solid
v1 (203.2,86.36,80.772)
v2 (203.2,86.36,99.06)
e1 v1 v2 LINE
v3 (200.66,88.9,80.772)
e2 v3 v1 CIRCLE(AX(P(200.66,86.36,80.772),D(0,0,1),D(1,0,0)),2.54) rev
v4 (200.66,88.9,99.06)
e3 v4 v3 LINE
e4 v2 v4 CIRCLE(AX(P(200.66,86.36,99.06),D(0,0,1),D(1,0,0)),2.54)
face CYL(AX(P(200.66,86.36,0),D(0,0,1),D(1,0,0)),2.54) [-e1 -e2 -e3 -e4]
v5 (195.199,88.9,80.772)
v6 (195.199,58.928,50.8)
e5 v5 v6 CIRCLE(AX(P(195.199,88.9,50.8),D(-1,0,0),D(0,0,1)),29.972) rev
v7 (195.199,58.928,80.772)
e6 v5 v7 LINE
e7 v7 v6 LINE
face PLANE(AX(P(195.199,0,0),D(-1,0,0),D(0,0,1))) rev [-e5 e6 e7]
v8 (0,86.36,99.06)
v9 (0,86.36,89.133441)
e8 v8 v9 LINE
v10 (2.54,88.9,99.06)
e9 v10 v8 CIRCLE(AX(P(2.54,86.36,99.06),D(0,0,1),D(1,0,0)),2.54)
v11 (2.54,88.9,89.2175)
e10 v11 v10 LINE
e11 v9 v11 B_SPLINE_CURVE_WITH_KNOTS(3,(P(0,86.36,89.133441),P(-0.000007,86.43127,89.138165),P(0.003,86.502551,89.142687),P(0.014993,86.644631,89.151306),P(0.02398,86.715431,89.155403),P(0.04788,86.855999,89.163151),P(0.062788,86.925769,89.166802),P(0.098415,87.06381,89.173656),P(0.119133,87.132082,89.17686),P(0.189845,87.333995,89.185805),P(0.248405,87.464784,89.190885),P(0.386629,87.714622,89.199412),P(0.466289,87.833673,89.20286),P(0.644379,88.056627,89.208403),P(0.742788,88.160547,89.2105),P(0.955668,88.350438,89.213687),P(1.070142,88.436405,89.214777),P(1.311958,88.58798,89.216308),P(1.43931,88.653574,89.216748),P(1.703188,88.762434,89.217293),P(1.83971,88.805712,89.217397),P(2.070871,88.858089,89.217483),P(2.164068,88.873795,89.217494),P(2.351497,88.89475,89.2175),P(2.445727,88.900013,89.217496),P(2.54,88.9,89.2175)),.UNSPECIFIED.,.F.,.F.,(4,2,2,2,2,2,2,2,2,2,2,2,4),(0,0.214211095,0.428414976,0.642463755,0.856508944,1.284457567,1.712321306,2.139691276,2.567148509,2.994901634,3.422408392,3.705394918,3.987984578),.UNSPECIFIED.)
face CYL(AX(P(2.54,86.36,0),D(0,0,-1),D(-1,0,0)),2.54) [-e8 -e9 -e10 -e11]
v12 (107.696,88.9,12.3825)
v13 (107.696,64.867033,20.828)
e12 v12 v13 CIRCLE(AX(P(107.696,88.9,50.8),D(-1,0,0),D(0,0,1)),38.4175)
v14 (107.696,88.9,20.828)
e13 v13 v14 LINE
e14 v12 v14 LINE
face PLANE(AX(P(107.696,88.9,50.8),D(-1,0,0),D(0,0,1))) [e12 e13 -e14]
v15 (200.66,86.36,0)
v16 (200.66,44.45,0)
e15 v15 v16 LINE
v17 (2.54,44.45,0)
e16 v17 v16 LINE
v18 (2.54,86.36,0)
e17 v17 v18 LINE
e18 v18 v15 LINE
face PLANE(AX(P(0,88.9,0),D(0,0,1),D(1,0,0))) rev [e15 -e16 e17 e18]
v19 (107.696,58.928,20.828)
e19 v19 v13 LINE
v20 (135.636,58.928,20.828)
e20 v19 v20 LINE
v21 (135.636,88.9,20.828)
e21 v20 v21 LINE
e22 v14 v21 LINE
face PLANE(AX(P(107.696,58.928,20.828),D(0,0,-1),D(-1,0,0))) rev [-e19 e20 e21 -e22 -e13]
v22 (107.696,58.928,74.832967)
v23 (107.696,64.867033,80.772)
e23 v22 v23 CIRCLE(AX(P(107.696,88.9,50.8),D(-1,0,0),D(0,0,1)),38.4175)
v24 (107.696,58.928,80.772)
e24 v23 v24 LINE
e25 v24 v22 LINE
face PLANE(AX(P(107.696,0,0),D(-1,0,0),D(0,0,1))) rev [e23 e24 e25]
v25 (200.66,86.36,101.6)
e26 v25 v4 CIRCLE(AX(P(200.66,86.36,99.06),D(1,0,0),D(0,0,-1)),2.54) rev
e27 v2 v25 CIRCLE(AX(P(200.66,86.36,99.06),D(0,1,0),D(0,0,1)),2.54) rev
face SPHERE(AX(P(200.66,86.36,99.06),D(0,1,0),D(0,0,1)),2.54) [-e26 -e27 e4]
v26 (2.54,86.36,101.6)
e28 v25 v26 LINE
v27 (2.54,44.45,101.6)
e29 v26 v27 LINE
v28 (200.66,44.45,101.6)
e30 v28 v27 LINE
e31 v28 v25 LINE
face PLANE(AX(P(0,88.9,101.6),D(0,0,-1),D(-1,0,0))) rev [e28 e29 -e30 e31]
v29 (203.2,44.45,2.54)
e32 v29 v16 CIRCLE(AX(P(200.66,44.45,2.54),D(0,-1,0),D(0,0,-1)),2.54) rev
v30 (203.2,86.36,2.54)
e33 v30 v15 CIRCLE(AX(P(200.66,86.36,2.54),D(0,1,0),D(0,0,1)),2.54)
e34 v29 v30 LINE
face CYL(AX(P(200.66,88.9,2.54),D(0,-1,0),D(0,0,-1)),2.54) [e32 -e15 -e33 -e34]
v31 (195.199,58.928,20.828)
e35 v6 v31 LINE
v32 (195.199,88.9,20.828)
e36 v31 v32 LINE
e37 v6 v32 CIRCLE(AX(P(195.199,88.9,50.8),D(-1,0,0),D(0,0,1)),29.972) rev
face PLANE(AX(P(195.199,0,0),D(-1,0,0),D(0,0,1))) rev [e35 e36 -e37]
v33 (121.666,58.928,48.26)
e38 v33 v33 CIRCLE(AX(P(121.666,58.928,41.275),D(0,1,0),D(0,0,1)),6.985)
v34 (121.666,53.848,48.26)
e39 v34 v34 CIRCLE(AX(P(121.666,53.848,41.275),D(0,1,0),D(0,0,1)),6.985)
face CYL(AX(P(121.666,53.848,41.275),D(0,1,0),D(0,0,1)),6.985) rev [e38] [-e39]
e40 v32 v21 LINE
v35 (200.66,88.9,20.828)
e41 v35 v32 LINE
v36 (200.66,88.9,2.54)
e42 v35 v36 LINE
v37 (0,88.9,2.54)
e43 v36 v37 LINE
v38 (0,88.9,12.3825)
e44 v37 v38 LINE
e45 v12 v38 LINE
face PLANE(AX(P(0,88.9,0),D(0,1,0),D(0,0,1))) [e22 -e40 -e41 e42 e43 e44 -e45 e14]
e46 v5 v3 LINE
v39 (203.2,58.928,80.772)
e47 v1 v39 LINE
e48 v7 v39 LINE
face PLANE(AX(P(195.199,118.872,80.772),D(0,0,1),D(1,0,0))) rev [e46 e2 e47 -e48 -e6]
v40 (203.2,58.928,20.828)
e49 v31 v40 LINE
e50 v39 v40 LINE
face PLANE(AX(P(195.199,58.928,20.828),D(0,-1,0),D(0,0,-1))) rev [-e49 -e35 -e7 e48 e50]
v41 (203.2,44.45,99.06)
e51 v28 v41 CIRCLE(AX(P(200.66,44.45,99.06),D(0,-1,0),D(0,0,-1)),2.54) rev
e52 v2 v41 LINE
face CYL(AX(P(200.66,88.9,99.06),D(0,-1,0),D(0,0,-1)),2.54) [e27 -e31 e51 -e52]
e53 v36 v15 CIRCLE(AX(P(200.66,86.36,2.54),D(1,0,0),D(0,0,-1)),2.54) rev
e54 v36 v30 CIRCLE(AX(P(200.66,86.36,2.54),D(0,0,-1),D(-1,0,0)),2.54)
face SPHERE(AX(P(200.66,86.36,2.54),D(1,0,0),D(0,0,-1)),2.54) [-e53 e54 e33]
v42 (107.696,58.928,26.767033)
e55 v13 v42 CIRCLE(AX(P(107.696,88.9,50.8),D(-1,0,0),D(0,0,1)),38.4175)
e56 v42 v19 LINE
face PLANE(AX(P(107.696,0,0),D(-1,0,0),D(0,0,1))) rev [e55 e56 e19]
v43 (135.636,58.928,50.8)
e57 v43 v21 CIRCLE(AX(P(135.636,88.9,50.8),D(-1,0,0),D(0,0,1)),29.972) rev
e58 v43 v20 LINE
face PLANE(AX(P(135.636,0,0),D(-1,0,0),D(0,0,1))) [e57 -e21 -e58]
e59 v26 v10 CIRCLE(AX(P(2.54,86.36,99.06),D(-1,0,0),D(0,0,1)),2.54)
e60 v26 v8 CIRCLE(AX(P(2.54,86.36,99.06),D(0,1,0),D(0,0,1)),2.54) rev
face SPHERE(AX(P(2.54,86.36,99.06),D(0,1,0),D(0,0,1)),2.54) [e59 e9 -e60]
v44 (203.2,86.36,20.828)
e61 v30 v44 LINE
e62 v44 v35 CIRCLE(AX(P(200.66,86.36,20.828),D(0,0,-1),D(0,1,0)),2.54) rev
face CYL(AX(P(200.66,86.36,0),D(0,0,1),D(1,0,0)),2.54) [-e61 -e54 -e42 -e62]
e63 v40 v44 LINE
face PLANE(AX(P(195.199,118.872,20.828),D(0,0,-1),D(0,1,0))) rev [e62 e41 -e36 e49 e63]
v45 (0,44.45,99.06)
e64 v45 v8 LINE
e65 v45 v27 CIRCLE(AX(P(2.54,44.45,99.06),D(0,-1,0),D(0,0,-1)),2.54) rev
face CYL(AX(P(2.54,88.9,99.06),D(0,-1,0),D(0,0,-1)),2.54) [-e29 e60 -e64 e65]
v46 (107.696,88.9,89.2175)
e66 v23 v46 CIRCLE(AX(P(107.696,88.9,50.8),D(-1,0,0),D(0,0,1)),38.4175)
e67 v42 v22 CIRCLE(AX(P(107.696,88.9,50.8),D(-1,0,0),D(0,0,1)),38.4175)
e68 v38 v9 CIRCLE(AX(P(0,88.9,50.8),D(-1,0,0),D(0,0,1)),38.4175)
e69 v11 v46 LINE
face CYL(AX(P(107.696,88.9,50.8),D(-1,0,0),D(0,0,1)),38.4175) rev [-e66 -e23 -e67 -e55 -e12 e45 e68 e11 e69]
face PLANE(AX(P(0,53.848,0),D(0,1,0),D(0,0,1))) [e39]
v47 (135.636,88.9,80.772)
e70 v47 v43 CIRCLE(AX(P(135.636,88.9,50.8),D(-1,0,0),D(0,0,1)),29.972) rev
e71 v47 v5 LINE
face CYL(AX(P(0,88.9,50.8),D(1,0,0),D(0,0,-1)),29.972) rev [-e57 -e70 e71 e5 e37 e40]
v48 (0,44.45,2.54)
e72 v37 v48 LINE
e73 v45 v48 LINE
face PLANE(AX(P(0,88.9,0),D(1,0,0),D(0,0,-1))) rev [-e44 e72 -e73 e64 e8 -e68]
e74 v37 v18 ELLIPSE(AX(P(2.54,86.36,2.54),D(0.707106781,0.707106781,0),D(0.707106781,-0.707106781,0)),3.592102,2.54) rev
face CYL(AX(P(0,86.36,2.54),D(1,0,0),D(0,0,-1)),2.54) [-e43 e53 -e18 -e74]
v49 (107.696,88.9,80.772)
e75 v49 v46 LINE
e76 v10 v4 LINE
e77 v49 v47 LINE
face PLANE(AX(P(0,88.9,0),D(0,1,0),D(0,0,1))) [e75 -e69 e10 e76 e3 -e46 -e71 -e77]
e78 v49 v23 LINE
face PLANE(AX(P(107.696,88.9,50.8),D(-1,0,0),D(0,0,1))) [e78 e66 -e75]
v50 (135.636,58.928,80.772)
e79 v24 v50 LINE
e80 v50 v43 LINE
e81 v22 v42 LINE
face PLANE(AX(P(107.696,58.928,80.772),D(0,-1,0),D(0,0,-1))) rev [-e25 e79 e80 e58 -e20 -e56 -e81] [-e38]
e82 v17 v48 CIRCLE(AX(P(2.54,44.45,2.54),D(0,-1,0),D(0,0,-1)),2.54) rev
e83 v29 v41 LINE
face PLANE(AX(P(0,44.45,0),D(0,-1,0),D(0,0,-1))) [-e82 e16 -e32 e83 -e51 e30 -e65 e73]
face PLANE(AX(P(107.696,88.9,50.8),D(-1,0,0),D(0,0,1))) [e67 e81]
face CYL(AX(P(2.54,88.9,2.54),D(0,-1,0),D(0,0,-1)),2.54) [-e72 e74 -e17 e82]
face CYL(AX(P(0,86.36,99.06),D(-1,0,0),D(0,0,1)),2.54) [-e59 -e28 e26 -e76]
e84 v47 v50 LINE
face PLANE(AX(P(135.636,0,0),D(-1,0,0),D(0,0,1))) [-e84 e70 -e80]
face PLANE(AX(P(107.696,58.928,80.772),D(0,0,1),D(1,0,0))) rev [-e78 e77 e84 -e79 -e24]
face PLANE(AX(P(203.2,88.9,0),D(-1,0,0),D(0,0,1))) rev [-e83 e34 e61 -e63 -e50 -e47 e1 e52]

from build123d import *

# Parameters (mm, degrees)
BOSS_EXTRUDE1_DEPTH = 88.89999999999999
SKETCH2_R           = 29.97200000000001
CUT_EXTRUDE1_DEPTH  = 203.2
CUT_EXTRUDE2_DEPTH  = 8.001
SKETCH4_W           = 59.943999999999946
SKETCH4_H           = 29.972
CUT_EXTRUDE3_DEPTH  = 27.94
SKETCH5_R           = 38.417500000000004
CUT_EXTRUDE4_DEPTH  = 107.696
CUT_EXTRUDE5_DEPTH  = 5.08
SKETCH7_W           = 203.19999999999996
SKETCH7_H           = 6.349999999999999
BOSS_EXTRUDE2_DEPTH = 38.1
FILLET1_R           = 2.54
CUT_EXTRUDE6_DEPTH  = 44.449999999999996


with BuildPart() as part:
    # Sketch1 → Boss-Extrude1 (new body)
    with BuildSketch(Plane(origin=(0, 0, 0), x_dir=(1, 0, 0), z_dir=(0, 1, 0))):
        Polygon((0, 0), (203.2, 0), (203.2, -101.6), (1.244e-14, -101.6), align=None)
    extrude(amount=BOSS_EXTRUDE1_DEPTH)

    # Sketch2 → Cut-Extrude1 (cut)
    with BuildSketch(Plane(origin=(203.2, 0, 0), x_dir=(-2.2e-16, 0, -1), z_dir=(1, 0, -2.2e-16))):
        with Locations((-50.8, 88.89999999999999)):
            Circle(SKETCH2_R)
    extrude(amount=-CUT_EXTRUDE1_DEPTH, mode=Mode.SUBTRACT)

    # Sketch3 → Cut-Extrude2 (cut)
    with BuildSketch(Plane(origin=(203.2, 0, 0), x_dir=(-2.2e-16, 0, -1), z_dir=(1, 0, -2.2e-16))):
        Polygon((-20.82800000000002, 118.87199999999997), (-80.77199999999996, 118.87199999999996), (-80.77199999999996, 58.928000000000004), (-20.828000000000007, 58.928000000000004), align=None)
    extrude(amount=-CUT_EXTRUDE2_DEPTH, mode=Mode.SUBTRACT)

    # Sketch4 → Cut-Extrude3 (cut)
    with BuildSketch(Plane(origin=(135.636, 0, 0), x_dir=(-2.2e-16, 0, -1), z_dir=(1, 0, -2.2e-16))):
        with Locations((-50.800000000000004, 73.914)):
            Rectangle(SKETCH4_W, SKETCH4_H)
    extrude(amount=-CUT_EXTRUDE3_DEPTH, mode=Mode.SUBTRACT)

    # Sketch5 → Cut-Extrude4 (cut)
    with BuildSketch(Plane.ZY):
        with Locations((50.8, 88.89999999999999)):
            Circle(SKETCH5_R)
    extrude(amount=-CUT_EXTRUDE4_DEPTH, mode=Mode.SUBTRACT)

    # Sketch6 → Cut-Extrude5 (cut)
    with BuildSketch(Plane(origin=(0, 58.928000000000004, 0), x_dir=(1, 0, 0), z_dir=(0, 1, 0))):
        with BuildLine():
            ThreePointArc((121.66599999999983, -34.29000000000002), (114.68100000000004, -41.275000000000006), (121.66599999999983, -48.25999999999999))
            Line((121.66600000000003, -48.25999999999999), (121.66600000000003, -34.29000000000002))
        make_face()
        with BuildLine():
            Line((121.66600000000003, -34.29000000000002), (121.66600000000003, -48.25999999999999))
            ThreePointArc((121.66599999999983, -48.25999999999999), (126.60514086658797, -46.214140866588096), (128.651, -41.275000000000006))
            ThreePointArc((128.651, -41.275000000000006), (126.60514086658797, -36.335859133411915), (121.66599999999983, -34.29000000000002))
        make_face()
    extrude(amount=-CUT_EXTRUDE5_DEPTH, mode=Mode.SUBTRACT)

    # Sketch7 → Boss-Extrude2 (add)
    with BuildSketch(Plane.XY.offset(101.6)):
        with Locations((101.59999999999998, 3.1749999999999994)):
            Rectangle(SKETCH7_W, SKETCH7_H)
    extrude(amount=BOSS_EXTRUDE2_DEPTH)

    # Fillet1
    fillet1_edges = [part.edges().sort_by_distance(p)[0] for p in [
        (101.6, 6.35, 101.6),
        (0, 6.35, 120.64999999999999),
        (203.2, 6.35, 120.64999999999999),
        (0, 44.449999999999996, 0),
        (1.168e-14, 88.89999999999999, 95.40875),
        (1.244e-14, 47.625, 101.6),
        (101.6, 88.89999999999999, 0),
        (203.2, 44.449999999999996, 0),
        (203.2, 88.89999999999999, 10.413999999999994),
        (203.2, 88.89999999999999, 91.186),
        (101.6, 88.89999999999999, 101.6),
        (203.2, 47.625, 101.6),
    ]]
    fillet(fillet1_edges, radius=FILLET1_R)

    # Sketch8 → Cut-Extrude6 (cut)
    with BuildSketch(Plane.XZ):
        Polygon((0, 139.7), (203.2, 139.7), (203.20000000000002, -1.73e-15), (1.711e-14, 0), align=None)
    extrude(amount=-CUT_EXTRUDE6_DEPTH, mode=Mode.SUBTRACT)


solid = part.part
